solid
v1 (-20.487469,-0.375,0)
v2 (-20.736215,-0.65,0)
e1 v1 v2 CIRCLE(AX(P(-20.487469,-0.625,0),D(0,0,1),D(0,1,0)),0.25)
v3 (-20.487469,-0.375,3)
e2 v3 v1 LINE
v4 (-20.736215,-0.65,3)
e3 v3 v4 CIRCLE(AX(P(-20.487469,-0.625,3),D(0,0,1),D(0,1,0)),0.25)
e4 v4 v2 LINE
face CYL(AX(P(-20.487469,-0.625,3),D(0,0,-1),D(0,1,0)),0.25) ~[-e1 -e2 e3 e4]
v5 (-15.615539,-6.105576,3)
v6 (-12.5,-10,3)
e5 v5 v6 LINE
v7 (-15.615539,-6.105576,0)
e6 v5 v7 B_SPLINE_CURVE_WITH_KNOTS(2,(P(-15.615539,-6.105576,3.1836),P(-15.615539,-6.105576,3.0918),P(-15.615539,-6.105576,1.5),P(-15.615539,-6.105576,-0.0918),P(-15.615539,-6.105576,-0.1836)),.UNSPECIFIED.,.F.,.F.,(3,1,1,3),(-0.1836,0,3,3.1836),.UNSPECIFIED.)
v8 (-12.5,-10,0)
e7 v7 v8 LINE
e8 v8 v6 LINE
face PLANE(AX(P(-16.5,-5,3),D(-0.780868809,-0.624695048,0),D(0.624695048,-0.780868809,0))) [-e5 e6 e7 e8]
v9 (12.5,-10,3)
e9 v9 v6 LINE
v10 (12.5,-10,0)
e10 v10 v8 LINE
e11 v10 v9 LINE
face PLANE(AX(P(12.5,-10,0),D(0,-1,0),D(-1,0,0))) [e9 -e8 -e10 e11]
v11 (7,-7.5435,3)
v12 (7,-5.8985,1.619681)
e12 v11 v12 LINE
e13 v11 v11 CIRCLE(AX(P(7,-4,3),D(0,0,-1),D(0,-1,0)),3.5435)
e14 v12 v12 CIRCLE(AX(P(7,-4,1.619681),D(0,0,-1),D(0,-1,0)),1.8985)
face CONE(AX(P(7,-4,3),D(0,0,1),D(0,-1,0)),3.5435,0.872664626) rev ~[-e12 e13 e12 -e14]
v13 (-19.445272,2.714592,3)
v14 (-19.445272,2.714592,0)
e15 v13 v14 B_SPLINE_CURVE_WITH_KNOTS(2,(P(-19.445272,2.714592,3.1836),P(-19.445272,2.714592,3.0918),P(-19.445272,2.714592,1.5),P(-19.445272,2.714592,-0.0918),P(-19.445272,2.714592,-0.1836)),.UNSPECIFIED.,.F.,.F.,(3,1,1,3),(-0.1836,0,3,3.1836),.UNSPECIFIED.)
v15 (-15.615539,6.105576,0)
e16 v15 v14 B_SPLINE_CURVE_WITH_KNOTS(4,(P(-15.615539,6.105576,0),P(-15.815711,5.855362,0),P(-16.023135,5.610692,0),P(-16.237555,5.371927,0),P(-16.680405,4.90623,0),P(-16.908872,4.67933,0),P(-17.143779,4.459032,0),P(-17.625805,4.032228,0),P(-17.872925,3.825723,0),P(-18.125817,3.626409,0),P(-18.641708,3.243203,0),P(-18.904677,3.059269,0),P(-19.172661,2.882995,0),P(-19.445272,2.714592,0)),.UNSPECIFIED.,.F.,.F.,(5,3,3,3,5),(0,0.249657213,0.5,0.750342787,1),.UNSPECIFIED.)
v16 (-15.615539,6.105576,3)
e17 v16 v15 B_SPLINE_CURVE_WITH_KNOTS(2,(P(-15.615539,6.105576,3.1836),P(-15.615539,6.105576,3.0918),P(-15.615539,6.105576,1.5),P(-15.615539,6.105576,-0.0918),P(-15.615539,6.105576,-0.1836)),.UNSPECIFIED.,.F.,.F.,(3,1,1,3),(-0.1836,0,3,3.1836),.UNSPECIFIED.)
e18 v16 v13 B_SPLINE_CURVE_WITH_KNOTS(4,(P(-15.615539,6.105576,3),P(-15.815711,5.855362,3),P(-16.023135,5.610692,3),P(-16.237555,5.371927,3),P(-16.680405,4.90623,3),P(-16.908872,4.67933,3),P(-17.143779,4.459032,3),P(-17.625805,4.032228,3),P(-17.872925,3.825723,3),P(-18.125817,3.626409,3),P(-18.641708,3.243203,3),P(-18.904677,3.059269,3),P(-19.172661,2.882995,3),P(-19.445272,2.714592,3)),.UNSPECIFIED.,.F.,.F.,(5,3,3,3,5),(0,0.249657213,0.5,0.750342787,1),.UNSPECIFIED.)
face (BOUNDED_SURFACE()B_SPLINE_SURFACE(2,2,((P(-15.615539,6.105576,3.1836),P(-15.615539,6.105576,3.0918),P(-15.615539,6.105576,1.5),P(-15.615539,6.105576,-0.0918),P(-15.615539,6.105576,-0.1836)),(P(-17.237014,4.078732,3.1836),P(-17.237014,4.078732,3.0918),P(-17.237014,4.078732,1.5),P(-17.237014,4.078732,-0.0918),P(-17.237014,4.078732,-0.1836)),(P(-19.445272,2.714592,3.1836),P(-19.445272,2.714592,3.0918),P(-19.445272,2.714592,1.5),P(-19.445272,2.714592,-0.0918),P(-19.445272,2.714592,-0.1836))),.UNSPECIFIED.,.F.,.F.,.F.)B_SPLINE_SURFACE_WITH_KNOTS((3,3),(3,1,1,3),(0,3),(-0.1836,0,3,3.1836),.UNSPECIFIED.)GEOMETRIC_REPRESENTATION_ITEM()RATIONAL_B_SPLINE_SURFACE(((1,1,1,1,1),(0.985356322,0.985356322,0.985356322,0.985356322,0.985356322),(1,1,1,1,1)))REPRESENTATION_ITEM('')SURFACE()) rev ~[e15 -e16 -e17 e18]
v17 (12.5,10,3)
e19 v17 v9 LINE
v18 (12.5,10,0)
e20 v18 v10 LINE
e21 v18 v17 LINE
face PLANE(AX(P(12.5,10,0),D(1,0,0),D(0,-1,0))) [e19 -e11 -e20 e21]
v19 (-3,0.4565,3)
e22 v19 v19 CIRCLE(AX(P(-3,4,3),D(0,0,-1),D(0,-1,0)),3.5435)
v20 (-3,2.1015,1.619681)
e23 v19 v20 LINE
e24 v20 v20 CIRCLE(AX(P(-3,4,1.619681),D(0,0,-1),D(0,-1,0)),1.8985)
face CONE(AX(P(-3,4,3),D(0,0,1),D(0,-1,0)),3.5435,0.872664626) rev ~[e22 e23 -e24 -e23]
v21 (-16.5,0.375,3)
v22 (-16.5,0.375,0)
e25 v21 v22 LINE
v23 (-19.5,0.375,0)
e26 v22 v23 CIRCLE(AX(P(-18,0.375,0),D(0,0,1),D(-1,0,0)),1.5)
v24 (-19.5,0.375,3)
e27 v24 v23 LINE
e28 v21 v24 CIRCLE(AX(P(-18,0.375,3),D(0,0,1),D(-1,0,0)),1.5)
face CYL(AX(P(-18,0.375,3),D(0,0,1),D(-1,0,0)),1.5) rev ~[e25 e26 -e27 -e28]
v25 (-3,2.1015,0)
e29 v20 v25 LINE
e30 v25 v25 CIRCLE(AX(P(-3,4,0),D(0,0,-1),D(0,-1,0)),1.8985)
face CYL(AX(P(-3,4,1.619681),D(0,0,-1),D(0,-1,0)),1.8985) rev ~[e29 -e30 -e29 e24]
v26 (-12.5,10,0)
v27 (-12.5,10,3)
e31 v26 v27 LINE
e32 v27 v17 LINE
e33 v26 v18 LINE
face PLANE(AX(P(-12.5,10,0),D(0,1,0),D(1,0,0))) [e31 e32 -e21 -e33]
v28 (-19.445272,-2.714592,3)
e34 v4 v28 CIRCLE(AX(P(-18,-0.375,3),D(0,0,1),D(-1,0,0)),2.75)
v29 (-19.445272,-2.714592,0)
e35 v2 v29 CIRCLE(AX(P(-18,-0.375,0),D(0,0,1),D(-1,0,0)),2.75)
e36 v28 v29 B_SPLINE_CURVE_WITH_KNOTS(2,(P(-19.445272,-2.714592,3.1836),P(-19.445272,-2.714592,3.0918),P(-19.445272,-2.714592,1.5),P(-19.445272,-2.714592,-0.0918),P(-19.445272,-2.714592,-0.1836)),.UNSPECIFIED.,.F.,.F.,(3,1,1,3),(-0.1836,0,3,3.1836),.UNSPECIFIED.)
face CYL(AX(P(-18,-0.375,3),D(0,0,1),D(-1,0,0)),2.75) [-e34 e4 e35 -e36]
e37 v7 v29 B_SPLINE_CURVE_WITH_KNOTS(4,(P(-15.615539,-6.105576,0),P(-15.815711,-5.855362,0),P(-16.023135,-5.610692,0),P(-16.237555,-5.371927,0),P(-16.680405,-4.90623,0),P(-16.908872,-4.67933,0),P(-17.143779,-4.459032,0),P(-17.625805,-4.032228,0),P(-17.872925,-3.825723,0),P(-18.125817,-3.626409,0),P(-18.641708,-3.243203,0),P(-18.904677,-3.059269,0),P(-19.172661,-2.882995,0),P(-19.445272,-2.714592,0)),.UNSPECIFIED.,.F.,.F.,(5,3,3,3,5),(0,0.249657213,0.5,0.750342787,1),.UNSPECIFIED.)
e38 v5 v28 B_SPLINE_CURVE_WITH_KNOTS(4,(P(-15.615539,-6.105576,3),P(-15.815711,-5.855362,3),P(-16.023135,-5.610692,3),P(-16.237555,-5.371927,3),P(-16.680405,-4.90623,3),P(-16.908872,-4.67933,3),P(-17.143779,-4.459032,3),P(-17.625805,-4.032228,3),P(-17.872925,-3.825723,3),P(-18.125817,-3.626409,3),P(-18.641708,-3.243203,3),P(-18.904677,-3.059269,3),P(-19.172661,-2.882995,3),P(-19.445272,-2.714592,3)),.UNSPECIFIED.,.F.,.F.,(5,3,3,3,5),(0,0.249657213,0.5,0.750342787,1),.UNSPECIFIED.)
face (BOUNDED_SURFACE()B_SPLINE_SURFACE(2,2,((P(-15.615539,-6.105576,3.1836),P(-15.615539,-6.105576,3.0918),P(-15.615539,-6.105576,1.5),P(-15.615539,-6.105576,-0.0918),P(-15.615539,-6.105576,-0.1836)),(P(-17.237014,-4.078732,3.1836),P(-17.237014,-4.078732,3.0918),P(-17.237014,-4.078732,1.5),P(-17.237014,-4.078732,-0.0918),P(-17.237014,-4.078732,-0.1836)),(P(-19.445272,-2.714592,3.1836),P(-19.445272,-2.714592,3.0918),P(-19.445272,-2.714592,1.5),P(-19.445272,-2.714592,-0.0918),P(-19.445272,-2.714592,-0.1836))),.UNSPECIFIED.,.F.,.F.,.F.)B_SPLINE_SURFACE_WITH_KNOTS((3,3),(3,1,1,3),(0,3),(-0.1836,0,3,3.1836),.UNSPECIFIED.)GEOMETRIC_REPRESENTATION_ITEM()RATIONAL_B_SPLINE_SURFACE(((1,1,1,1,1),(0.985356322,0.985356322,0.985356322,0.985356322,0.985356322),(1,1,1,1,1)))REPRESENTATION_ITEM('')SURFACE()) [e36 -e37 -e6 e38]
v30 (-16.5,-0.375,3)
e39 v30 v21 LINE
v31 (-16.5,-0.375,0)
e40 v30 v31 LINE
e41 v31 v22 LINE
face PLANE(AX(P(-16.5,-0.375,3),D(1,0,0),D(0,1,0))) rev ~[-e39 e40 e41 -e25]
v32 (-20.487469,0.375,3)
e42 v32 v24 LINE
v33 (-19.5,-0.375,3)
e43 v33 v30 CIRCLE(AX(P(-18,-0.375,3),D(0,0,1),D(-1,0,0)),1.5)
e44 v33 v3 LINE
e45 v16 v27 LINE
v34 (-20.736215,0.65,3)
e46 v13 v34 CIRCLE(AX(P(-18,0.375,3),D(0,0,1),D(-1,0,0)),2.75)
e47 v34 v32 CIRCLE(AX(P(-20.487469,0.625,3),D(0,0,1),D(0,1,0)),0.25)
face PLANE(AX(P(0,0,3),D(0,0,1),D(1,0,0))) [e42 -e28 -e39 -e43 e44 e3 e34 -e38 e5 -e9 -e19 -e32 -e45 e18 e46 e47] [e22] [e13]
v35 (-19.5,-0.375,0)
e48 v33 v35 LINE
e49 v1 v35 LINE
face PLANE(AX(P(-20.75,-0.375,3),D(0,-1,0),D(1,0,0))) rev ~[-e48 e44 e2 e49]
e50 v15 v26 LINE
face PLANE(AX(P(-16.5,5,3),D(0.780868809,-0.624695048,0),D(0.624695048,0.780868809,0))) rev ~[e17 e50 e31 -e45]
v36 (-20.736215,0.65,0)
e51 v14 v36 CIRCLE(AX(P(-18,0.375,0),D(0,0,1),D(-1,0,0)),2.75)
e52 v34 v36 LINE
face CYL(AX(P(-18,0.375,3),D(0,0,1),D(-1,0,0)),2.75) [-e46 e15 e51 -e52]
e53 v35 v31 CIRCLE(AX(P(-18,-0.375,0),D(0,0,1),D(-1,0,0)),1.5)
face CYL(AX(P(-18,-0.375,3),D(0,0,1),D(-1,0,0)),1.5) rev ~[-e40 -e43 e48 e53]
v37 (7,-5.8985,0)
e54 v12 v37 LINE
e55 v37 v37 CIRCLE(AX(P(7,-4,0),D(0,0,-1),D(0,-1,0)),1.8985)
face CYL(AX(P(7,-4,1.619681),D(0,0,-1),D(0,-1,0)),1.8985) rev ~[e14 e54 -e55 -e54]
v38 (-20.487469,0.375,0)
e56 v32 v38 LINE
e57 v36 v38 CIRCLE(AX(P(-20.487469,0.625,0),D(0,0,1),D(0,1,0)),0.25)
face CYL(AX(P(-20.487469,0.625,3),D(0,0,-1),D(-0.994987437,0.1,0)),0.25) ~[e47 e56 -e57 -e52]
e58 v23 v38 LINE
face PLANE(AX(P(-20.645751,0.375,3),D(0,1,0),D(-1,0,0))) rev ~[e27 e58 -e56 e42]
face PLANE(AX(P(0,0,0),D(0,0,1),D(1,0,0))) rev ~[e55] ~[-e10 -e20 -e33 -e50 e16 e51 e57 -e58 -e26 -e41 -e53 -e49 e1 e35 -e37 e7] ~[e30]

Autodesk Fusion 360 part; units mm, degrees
sketch "Sketch1" plane through (0, 0, 0) normal (0, 0, 1) x (1, 0, 0)
  line L0 (-12.5, 10) -> (12.5, 10)
  line L1 (12.5, 10) -> (12.5, -10)
  line L2 (12.5, -10) -> (-12.5, -10)
  line L3 (-12.5, -10) -> (-12.5, 10)
  dimension "d1" = 20
  dimension "d2" = 25
  dimension "d3" = 12.5
  dimension "d4" = 10
extrude "Extrude1" add sketch "Sketch1" along normal blind 3
sketch "Sketch3" plane through (0, 0, 3) normal (0, 0, 1) x (-1, 0, 0)
  line L0 (12.5, -10) -> (12.5, 10)
  line L1 (12.5, 10) -> (-12.5, 10)
  line L2 (-12.5, 10) -> (-12.5, -10)
  line L3 (-12.5, -10) -> (12.5, -10)
  point P0 (3, -4)
  point P1 (-7, 4)
  dimension "d32" = 5.5
  dimension "d33" = 4
  dimension "d34" = 4
  dimension "d41" = 10
hole "Hole2" at (-3, 4, 3) at (7, -4, 3) direction (0, 0, -1) diameter 3.797 depth 6 tip angle 118 countersink diameter 7.087 countersink angle 100
sketch "Sketch4" plane through (0, 0, 3) normal (0, 0, 1) x (-1, 0, 0)
  circle A0 centre (3, -4) radius 3.5435
  circle A1 centre (-7, 4) radius 3.5435
  line L0 (12.5, 10) -> (-12.5, 10)
  line L1 (-12.5, 10) -> (-12.5, -10)
  line L2 (-12.5, -10) -> (12.5, -10)
  line L3 (12.5, -10) -> (12.5, 10)
  circle A2 centre (18, 0.375) radius 1.5
  circle A3 centre (18, -0.375) radius 1.5
  circle A4 centre (18, 0.375) radius 2.75
  circle A5 centre (18, -0.375) radius 2.75
  line L4 (18, 0.375) -> (17.0157, 0.375)
  line L5 (17.0157, 0.375) -> (17.0157, -0.375)
  line L6 (17.0157, -0.375) -> (18, -0.375)
  line L7 (18, -0.375) -> (18, 0.375)
  line L8 (18, -0.375) -> (24.9519, -0.375)
  line L9 (24.9519, -0.375) -> (24.9519, 0.375)
  line L10 (24.9519, 0.375) -> (18, 0.375)
  line L11 (18, 0.375) -> (18, -0.375)
  line L12 (16.5, 5) -> (16.5, -5)
  line L13 (16.5, 5) -> (12.5, 10)
  line L14 (16.5, -5) -> (12.5, -10)
  dimension "d44" = 3
  dimension "d45" = 3
  dimension "d46" = 5.5
  dimension "d47" = 5.5
  dimension "d48" = 0.75
  dimension "d49" = 0.375
  dimension "d50" = 1.5
  dimension "d51" = 10
  dimension "d52" = 5
  dimension "d55" = 4
extrude "Extrude4" add sketch "Sketch4" against normal blind 3 contours L3 A4 A5 L12 L13 L14 | A4 A5 L12 | A4 A5 L10 L12 | A4 A5 L8 L12 | A4 A5 L12 | A4 A5 L12 | A2 A5 L10 L12 | A3 A4 L8 L12
fillet "Fillet3" radius 15 2 edges at (-16.5, -2.6799, 1.5) (-16.5, 2.6799, 1.5)
fillet "Fillet3" radius 0.25 2 edges at (-20.75, 0.375, 1.5) (-20.75, -0.375, 1.5)
fillet "Fillet3" radius 2 2 edges at (-16.5, 5, 1.5) (-16.5, -5, 1.5)
equation "d49 = ( 0.75 / 2 ) * 1 mm"
